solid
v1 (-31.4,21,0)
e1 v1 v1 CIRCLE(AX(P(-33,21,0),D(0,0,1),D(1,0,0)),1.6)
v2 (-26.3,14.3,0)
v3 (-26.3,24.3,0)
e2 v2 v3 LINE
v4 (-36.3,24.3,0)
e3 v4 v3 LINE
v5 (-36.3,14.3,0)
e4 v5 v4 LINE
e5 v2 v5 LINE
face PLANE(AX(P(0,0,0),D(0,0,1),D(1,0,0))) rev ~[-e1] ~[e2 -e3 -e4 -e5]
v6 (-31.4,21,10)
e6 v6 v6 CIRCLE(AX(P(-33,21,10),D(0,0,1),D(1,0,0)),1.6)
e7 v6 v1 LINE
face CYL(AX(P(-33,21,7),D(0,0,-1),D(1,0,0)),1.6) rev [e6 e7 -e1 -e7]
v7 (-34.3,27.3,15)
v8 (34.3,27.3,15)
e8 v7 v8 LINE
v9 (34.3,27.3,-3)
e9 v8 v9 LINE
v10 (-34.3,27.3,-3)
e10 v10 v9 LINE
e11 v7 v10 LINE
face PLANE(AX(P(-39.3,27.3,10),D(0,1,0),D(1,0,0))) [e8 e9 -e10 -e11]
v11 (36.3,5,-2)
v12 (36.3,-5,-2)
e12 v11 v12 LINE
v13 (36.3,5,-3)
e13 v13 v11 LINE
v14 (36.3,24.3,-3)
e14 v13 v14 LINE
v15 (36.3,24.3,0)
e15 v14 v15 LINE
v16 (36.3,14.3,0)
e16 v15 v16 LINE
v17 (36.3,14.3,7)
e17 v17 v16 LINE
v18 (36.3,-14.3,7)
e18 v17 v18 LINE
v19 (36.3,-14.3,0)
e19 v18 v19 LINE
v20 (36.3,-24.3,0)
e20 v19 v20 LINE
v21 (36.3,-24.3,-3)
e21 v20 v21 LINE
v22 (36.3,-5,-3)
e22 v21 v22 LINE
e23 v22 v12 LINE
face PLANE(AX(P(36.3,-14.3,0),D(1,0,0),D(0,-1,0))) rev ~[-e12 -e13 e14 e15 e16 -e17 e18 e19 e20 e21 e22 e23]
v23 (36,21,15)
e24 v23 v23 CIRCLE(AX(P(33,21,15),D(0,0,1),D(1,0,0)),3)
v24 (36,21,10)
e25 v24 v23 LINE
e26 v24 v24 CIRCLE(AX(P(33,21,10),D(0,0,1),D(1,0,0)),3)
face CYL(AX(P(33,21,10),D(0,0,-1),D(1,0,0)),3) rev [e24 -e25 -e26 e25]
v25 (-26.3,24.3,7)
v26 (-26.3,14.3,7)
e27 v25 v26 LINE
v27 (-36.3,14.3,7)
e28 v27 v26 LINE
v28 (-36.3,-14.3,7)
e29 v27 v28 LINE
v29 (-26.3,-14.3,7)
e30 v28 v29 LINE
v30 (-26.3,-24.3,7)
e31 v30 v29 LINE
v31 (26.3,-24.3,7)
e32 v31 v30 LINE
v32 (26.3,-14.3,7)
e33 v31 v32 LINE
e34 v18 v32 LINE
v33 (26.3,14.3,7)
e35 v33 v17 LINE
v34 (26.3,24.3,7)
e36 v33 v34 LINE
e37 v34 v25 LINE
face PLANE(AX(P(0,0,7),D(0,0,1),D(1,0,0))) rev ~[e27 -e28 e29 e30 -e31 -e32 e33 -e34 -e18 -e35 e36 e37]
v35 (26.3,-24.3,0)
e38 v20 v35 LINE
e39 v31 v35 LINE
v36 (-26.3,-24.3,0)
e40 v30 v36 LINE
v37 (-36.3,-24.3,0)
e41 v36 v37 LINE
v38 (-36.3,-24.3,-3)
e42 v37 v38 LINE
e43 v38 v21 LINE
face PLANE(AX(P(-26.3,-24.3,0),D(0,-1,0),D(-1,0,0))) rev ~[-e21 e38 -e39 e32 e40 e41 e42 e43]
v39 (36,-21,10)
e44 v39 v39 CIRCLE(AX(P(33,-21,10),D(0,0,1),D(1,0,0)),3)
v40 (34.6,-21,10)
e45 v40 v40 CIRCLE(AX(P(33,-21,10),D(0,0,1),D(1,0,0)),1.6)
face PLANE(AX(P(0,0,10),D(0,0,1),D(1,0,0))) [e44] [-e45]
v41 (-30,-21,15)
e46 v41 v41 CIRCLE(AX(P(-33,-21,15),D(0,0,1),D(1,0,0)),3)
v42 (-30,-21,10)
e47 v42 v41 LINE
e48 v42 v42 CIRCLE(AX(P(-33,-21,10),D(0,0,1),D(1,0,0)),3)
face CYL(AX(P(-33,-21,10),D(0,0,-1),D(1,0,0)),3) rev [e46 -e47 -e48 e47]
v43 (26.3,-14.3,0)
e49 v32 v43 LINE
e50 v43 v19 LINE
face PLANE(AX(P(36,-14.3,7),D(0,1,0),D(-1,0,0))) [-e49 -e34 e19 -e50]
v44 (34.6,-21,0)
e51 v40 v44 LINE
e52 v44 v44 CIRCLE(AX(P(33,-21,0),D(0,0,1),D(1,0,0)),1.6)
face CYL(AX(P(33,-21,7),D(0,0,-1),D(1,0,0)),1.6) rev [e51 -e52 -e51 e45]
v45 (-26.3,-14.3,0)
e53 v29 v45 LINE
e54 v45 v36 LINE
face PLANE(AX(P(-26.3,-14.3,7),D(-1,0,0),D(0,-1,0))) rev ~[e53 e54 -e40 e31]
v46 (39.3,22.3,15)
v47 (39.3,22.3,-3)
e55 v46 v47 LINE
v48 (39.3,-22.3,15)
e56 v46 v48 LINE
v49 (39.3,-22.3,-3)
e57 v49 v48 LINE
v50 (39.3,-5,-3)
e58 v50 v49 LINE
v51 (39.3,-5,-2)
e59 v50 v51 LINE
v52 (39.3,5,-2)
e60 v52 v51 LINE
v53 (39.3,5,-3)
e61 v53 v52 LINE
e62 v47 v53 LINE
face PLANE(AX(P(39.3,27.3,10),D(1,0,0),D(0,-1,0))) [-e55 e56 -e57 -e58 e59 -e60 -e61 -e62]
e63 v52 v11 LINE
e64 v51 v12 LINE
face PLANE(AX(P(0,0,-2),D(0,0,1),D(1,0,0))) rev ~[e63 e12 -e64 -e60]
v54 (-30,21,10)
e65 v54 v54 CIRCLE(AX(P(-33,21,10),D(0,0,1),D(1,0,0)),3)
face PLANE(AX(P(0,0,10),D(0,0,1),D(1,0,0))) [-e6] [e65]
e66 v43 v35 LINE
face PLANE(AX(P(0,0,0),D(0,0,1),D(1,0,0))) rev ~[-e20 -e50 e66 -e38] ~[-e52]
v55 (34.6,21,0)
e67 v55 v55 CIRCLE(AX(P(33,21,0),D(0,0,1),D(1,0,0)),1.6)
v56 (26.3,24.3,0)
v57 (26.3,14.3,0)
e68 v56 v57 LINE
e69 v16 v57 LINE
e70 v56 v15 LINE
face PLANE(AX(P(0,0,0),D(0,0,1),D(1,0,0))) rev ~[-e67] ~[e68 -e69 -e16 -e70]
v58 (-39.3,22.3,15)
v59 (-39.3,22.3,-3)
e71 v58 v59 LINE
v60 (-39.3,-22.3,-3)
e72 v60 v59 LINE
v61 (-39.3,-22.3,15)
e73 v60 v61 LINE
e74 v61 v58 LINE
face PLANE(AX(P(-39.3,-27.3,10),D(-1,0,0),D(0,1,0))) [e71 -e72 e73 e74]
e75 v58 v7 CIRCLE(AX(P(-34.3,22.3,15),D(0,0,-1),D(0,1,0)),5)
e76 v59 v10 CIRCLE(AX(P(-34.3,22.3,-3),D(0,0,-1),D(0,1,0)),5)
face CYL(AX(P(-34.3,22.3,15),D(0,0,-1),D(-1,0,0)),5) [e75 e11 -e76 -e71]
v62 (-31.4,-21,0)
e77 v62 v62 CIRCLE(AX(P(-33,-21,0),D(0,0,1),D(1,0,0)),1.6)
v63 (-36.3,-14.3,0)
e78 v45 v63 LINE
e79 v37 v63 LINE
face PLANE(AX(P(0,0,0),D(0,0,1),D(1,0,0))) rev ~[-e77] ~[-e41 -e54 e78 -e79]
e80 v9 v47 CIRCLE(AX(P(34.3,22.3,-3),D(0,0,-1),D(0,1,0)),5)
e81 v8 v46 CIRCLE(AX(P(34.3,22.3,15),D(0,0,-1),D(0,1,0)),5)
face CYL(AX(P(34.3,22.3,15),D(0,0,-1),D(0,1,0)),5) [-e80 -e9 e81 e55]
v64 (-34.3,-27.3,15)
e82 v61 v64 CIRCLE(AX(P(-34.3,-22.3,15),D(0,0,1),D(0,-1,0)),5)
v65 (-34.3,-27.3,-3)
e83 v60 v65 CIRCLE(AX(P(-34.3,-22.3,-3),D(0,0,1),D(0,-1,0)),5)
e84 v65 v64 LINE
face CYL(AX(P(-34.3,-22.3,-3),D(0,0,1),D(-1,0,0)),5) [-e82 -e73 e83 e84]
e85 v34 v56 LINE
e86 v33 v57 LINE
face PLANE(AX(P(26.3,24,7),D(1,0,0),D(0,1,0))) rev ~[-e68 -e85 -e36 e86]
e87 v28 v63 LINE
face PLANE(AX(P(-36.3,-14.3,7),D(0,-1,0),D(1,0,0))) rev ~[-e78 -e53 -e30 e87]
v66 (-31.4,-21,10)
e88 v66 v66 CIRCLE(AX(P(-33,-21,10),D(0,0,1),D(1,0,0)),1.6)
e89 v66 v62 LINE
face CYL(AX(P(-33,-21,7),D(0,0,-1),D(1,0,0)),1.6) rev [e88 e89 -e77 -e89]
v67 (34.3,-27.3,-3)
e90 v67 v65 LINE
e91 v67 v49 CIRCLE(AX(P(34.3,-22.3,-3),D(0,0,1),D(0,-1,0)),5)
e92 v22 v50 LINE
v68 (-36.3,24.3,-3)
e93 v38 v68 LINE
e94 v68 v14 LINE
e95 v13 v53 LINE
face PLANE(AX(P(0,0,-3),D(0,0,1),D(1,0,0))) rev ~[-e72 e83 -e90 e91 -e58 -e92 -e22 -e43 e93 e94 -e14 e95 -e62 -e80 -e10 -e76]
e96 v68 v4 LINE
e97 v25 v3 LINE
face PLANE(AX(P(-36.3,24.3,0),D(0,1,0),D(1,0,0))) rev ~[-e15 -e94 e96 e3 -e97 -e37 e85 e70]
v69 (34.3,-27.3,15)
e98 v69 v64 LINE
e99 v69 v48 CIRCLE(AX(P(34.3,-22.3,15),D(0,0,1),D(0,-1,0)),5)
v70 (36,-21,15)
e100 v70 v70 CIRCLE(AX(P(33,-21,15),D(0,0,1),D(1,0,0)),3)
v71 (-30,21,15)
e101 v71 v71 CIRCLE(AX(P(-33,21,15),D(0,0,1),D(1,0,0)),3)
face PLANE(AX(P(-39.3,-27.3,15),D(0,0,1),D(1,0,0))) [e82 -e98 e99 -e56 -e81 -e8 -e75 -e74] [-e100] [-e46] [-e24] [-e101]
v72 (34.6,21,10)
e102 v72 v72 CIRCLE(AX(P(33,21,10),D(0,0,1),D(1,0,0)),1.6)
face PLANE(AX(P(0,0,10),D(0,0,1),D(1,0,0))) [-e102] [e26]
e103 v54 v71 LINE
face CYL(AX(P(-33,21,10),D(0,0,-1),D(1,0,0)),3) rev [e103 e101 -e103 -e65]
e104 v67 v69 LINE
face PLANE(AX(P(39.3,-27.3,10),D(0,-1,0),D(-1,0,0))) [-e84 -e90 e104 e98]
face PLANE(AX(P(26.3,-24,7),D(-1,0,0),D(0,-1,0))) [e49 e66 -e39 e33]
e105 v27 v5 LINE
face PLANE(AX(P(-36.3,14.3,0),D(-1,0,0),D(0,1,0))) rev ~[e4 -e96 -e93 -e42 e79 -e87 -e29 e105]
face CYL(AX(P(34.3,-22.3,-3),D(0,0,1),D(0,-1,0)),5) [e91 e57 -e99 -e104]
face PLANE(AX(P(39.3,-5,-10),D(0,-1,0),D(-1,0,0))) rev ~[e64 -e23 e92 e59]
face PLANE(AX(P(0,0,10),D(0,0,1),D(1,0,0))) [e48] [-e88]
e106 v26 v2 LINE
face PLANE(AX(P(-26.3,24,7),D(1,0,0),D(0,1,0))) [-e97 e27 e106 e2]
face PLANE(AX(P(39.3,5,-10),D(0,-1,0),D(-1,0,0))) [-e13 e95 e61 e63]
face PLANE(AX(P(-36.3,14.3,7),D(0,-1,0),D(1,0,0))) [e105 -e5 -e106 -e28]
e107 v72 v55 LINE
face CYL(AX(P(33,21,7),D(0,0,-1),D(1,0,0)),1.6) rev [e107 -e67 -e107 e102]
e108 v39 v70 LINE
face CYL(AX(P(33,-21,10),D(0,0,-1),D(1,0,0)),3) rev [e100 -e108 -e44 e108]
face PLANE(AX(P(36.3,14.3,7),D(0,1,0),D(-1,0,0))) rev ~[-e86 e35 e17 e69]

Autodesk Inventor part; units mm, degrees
sketch "スケッチ1" plane through (0, 0, 0) normal (0, 0, 1) x (1, 0, 0)
  line L0 (36, 24) -> (36, -24) construction
  line L1 (-36, 24) -> (36, 24) construction
  line L2 (-36, -24) -> (-36, 24) construction
  line L3 (36, -24) -> (-36, -24) construction
  circle A0 centre (-33, 21) radius 1.5 construction
  circle A1 centre (-33, -21) radius 1.5 construction
  circle A2 centre (33, 21) radius 1.5 construction
  circle A3 centre (33, -21) radius 1.5 construction
  line L4 (-36.3, 24.3) -> (36.3, 24.3)
  line L5 (36.3, 24.3) -> (36.3, -24.3)
  line L6 (36.3, -24.3) -> (-36.3, -24.3)
  line L7 (-36.3, -24.3) -> (-36.3, 24.3)
  circle A4 centre (-33, -21) radius 1.6
  circle A5 centre (-33, 21) radius 1.6
  circle A6 centre (33, -21) radius 1.6
  circle A7 centre (33, 21) radius 1.6
  line L8 (-39.3, 27.3) -> (39.3, 27.3)
  line L9 (39.3, 27.3) -> (39.3, -27.3)
  line L10 (39.3, -27.3) -> (-39.3, -27.3)
  line L11 (-39.3, -27.3) -> (-39.3, 27.3)
  line L12 (-36.3, -14.3) -> (-26.3, -14.3)
  line L13 (-26.3, -14.3) -> (-26.3, -24.3)
  line L14 (-55.02, 0) -> (55.02, 0) construction
  line L15 (0, -38.22) -> (0, 38.22) construction
  line L16 (-36.3, 14.3) -> (-26.3, 14.3)
  line L17 (-26.3, 14.3) -> (-26.3, 24.3)
  line L18 (36.3, -14.3) -> (26.3, -14.3)
  line L19 (26.3, -14.3) -> (26.3, -24.3)
  line L20 (26.3, 14.3) -> (26.3, 24.3)
  line L21 (36.3, 14.3) -> (26.3, 14.3)
  line L22 (22, 5) -> (29, 5) construction
  line L23 (29, -5) -> (22, -5) construction
  line L24 (36, 24) -> (36, -24) projected
  line L25 (36, -24) -> (-36, -24) projected
  line L26 (-36, -24) -> (-36, 24) projected
  line L27 (-36, 24) -> (36, 24) projected
  circle A8 centre (-33, 21) radius 1.5 projected
  circle A9 centre (-33, -21) radius 1.5 projected
  circle A10 centre (33, 21) radius 1.5 projected
  circle A11 centre (33, -21) radius 1.5 projected
  line L28 (39.3, 5) -> (36.3, 5)
  line L29 (39.3, -5) -> (36.3, -5)
  circle A12 centre (33, 21) radius 3
  circle A13 centre (33, -21) radius 3
  circle A14 centre (-33, 21) radius 3
  circle A15 centre (-33, -21) radius 3
  point P0 (0, 0)
  dimension "d0" = 0.3
  dimension "d1" = 3.2
  dimension "d2" = 3
  dimension "d7" = 10
  dimension "d16" = 6
extrude "押し出し1" add sketch "スケッチ1" along normal blind 7 and the other way blind 3 contours L7 L6 L5 L29 L9 L10 L11 L8 L28 L4 | L28 L9 L29 L5
ref_plane "作業平面1" through (-36, -24, 0) normal (0, 0, 1) x (1, 0, 0)
extrude "押し出し3" add sketch "スケッチ1" against normal up to surface (7 mm away) from surface at 7 contours L4 L17 L27 L26 L16 L7 | L4 L5 L21 L24 L27 L20 | L17 L16 L26 A14 L27 | L12 L26 L25 L13 L6 L7 | L27 A12 L24 L21 L20 | A14 L26 L27 | A14 | L12 L13 L25 A15 L26 | L27 L24 A12 | A12 | A15 L25 L26 | A15 | L19 L25 L24 L18 L5 L6 | L24 A13 L25 L19 L18 | A13 | L24 L25 A13
extrude "押し出し4" add sketch "スケッチ1" along normal blind 3 from surface at 7 contours L7 L6 L5 L29 L9 L10 L11 L8 L28 L4 | L4 L17 L27 L26 L16 L7 | L4 L20 L27 L17 | L16 L26 L12 L7 | L4 L5 L21 L24 L27 L20 | L27 L20 L21 L24 L18 L19 L25 L13 L12 L26 L16 L17 | L17 L16 L26 A14 L27 | L12 L26 L25 L13 L6 L7 | L27 A12 L24 L21 L20 | A14 L26 L27 | A14 | L12 L13 L25 A15 L26 | L5 L18 L24 L21 | L27 L24 A12 | A12 | L13 L25 L19 L6 | A15 L25 L26 | A15 | L28 L9 L29 L5 | L19 L25 L24 L18 L5 L6 | L24 A13 L25 L19 L18 | A13 | L24 L25 A13
ref_plane "作業平面2" through (-39.3, -27.3, -10) normal (0, 0, 1) x (1, 0, 0)
ref_plane "作業平面3" through (-36, -24, -2) normal (0, 0, -1) x (0, 1, 0)
sketch "スケッチ4" plane through (0, 0, 0) normal (0, 0, 1) x (1, 0, 0)
  line L0 (36.3, 24.3) -> (36.3, -24.3) projected
  line L1 (39.3, 27.3) -> (39.3, -27.3) projected
  line L2 (39.3, 5) -> (36.3, 5) projected
  line L3 (39.3, -5) -> (36.3, -5) projected
  point P0 (0, 0)
extrude "押し出し5" cut sketch "スケッチ4" along normal up to surface (8 mm away) from surface at -10
sketch "スケッチ5" plane through (-39.3, -27.3, 10) normal (0, 0, 1) x (1, 0, 0)
  circle A0 centre (6.3, 6.3) radius 3 projected
  circle A1 centre (72.3, 6.3) radius 3 projected
  circle A2 centre (72.3, 48.3) radius 3 projected
  circle A3 centre (6.3, 48.3) radius 3 projected
  line L0 (0, 0) -> (0, 54.6) projected
  line L1 (78.6, 0) -> (0, 0) projected
  line L2 (78.6, 54.6) -> (78.6, 0) projected
  line L3 (0, 54.6) -> (78.6, 54.6) projected
  circle A4 centre (72.3, 6.3) radius 1.6 projected
  circle A5 centre (6.3, 6.3) radius 1.6 projected
  circle A6 centre (6.3, 48.3) radius 1.6 projected
  circle A7 centre (72.3, 48.3) radius 1.6 projected
  point P0 (39.3, 27.3)
extrude "押し出し6" add sketch "スケッチ5" along normal blind 5 contours L0 L3 L2 L1
fillet "フィレット1" radius 5 4 edges at (-39.3, 27.3, 6) (-39.3, -27.3, 6) (39.3, 27.3, 6) (39.3, -27.3, 6)
properties part number "enclosure"
